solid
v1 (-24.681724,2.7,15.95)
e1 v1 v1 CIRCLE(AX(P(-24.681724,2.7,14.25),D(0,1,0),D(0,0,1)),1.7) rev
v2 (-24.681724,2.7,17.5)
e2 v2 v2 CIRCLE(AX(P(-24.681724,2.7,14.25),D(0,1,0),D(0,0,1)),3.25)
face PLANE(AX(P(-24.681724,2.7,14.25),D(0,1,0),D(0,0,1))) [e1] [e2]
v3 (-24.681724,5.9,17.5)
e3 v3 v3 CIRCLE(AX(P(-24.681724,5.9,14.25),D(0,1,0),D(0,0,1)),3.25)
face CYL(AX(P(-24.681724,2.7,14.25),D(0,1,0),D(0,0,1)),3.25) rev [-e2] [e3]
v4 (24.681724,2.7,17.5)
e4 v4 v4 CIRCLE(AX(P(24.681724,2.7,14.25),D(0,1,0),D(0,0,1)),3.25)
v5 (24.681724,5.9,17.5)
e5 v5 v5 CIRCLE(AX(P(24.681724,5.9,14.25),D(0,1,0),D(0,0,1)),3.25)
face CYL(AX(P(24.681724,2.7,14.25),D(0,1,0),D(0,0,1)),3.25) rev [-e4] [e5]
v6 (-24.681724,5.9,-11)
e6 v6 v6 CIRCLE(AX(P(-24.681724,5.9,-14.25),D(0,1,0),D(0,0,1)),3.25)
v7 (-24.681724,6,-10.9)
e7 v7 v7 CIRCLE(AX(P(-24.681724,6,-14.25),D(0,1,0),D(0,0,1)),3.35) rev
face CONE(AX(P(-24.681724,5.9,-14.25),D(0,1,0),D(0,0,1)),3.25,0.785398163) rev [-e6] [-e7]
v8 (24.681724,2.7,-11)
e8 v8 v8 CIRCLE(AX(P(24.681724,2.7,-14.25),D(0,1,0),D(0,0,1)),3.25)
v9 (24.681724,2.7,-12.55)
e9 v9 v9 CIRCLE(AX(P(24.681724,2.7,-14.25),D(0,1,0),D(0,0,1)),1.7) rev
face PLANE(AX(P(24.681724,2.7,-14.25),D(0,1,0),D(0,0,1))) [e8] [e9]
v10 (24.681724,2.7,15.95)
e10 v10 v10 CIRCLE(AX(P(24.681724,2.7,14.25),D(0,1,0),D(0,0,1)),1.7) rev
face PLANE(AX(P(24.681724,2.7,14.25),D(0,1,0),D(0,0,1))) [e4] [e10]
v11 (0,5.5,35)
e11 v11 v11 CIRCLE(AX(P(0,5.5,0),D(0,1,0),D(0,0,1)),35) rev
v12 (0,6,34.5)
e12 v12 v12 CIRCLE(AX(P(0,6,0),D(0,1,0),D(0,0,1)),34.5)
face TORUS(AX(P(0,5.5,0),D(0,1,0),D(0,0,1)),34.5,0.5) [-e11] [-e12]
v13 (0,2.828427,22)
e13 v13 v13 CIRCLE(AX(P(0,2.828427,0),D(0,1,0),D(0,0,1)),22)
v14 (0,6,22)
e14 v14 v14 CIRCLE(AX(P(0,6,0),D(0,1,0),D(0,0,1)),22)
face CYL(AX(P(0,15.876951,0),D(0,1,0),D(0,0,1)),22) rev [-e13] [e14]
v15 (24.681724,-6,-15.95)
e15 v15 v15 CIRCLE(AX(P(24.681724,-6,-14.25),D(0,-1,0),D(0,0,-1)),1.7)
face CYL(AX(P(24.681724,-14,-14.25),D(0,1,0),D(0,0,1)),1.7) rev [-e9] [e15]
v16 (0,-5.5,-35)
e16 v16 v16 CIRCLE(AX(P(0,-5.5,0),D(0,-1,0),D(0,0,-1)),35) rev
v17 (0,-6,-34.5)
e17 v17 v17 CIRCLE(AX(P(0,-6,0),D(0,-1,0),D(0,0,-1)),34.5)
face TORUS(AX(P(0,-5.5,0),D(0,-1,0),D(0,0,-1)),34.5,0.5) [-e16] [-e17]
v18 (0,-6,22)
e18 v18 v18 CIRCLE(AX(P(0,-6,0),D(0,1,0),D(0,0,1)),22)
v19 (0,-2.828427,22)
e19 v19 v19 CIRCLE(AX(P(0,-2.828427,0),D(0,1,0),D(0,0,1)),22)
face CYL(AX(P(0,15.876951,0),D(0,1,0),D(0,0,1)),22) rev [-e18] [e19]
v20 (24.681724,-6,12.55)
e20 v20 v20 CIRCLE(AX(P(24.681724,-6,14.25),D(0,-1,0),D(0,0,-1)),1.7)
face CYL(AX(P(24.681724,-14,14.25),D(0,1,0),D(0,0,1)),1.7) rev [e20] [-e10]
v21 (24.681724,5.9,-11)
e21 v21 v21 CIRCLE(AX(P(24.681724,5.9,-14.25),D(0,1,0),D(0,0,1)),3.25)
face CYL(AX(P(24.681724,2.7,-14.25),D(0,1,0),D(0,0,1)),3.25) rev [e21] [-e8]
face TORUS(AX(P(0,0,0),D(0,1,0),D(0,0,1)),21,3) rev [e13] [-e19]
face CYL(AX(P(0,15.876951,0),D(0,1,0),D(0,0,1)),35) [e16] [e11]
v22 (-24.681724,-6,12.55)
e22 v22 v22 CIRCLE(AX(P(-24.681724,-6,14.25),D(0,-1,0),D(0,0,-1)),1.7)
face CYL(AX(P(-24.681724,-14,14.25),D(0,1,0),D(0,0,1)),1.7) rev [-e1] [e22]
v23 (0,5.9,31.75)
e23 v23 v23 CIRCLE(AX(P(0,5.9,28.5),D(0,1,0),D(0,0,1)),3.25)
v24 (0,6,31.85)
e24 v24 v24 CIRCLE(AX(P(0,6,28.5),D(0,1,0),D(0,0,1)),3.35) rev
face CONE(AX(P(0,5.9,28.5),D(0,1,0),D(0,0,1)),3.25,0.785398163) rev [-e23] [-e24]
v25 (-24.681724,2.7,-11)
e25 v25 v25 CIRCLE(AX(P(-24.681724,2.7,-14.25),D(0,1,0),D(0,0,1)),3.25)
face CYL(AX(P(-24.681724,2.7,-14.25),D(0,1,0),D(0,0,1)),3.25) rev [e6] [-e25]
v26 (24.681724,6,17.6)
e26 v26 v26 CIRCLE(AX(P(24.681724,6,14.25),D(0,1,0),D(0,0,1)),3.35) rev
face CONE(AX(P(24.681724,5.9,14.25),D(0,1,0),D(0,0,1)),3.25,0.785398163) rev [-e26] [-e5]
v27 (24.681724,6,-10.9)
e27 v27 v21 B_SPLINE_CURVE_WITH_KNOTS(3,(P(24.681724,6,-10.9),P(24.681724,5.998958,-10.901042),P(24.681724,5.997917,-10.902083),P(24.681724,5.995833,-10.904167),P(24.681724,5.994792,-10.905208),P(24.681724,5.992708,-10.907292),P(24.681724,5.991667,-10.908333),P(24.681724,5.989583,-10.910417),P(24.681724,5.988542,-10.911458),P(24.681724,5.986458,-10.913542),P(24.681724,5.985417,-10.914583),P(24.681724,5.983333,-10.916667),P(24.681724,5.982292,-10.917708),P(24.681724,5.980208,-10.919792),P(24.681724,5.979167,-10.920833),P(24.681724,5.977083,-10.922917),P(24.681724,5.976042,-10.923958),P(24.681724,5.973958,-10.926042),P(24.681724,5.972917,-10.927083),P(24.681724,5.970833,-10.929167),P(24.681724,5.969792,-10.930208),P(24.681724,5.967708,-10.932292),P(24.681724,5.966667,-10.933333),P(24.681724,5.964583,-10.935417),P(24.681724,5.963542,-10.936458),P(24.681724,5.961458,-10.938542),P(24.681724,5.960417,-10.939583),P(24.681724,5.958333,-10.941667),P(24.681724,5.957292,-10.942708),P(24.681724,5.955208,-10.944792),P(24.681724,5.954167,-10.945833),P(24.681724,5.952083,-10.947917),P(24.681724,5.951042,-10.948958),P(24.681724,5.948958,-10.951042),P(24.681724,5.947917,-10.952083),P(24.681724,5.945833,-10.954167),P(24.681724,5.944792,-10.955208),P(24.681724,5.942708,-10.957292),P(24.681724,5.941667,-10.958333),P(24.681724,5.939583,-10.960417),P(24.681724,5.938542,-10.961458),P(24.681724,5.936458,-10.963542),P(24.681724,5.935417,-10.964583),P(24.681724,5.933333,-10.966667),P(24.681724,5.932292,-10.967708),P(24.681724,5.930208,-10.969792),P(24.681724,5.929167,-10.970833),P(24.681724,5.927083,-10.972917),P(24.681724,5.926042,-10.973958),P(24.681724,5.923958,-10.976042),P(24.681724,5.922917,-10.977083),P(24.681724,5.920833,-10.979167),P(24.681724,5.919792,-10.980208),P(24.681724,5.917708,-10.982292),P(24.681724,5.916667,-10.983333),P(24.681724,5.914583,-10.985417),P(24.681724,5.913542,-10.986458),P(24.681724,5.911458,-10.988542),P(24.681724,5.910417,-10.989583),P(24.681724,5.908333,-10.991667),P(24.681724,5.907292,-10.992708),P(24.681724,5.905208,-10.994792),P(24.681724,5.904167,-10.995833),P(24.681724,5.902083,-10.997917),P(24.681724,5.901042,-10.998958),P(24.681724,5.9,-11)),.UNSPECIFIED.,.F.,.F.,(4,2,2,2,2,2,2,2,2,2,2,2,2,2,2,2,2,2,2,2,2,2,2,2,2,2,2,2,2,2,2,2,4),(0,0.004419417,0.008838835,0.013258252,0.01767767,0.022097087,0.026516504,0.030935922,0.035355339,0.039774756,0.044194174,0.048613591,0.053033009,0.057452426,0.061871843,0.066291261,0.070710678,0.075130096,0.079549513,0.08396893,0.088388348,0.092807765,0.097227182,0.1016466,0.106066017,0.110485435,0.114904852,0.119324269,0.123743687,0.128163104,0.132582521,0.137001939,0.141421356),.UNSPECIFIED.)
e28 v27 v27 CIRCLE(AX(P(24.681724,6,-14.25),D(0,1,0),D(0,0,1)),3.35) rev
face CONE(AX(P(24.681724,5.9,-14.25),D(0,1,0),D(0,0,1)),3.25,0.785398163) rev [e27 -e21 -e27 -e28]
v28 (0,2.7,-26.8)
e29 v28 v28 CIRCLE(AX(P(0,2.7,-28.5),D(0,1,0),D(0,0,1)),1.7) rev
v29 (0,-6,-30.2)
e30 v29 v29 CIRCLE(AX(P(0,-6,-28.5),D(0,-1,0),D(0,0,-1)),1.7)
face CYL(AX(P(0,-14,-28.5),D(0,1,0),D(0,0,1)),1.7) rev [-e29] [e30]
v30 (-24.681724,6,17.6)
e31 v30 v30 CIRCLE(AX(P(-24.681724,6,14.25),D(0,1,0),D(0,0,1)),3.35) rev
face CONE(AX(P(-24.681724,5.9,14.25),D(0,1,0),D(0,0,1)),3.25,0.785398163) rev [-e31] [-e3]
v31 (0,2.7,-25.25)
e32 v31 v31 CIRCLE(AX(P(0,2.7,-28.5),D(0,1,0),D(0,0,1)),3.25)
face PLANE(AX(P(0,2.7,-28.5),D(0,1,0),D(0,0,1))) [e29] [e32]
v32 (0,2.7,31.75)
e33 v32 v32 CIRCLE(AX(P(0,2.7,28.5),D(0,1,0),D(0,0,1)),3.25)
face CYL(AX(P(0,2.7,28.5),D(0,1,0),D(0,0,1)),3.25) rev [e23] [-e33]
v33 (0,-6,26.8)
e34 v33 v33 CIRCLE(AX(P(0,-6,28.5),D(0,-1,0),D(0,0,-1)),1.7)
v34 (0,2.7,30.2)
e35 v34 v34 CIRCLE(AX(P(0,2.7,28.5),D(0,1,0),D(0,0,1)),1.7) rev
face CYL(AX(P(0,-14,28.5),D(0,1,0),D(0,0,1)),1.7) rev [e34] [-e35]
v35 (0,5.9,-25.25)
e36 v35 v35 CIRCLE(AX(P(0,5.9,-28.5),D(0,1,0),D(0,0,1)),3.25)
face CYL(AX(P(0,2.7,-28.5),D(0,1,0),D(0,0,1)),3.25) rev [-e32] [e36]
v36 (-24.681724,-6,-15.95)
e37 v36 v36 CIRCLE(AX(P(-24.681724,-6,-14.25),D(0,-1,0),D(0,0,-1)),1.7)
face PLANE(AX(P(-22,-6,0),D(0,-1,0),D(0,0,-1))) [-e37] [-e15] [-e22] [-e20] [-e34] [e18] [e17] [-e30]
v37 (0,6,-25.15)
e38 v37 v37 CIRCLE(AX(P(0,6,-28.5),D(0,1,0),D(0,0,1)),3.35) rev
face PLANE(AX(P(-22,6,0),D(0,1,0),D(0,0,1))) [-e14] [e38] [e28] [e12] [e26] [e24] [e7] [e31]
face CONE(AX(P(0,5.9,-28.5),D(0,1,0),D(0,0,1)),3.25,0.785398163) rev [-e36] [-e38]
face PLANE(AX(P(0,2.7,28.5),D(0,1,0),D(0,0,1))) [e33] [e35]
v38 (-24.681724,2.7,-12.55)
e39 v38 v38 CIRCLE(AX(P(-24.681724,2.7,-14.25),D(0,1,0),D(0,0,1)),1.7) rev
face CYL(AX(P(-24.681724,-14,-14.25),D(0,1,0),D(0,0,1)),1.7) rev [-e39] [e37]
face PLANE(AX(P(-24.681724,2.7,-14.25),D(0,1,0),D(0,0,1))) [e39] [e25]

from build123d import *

# Parameters (mm, degrees)
FILLET_1_R          = 0.5
SKETCH_2_R          = 1.7
CUT_EXTRUDE_1_DEPTH = 20
SKETCH_3_R          = 3.25
CUT_EXTRUDE_2_DEPTH = 3.3
CHAMFER_1_SIZE      = 0.1


with BuildPart() as part:
    # 草图1 → 旋转1 (revolve)
    with BuildSketch(Plane.XY, mode=Mode.PRIVATE) as revolve_1_sk:
        with BuildLine():
            Line((-22, 6), (-22, 2.828427125))
            ThreePointArc((-22, 2.828427125), (-24, 0), (-22, -2.828427125))
            Line((-22, -2.828427125), (-22, -6))
            Line((-22, -6), (-35, -6))
            Line((-35, -6), (-35, 6))
            Line((-35, 6), (-22, 6))
        make_face()
    revolve(revolve_1_sk.sketch.rotate(Axis((0, 15.876951414, 0), (0, -1, 0)), 270), axis=Axis((0, 15.876951414, 0), (0, -1, 0)))

    # 圆角1
    fillet_1_edges = [part.edges().sort_by_distance(p)[0] for p in [
        (0, -6, -35),
        (0, 6, -35),
    ]]
    fillet(fillet_1_edges, radius=FILLET_1_R)

    # 草图2 → 切除-拉伸1 (cut)
    with BuildSketch(Plane(origin=(0, 6, 0), x_dir=(1, 0, 0), z_dir=(0, 1, 0))):
        with Locations(Location((0, 28.5, 0), (0, 0, 270))):
            Circle(SKETCH_2_R)
        with Locations(Location((24.681724008, 14.25, 0), (0, 0, 270))):
            Circle(SKETCH_2_R)
        with Locations(Location((24.681724008, -14.25, 0), (0, 0, 270))):
            Circle(SKETCH_2_R)
        with Locations(Location((0, -28.5, 0), (0, 0, 270))):
            Circle(SKETCH_2_R)
        with Locations(Location((-24.681724008, -14.25, 0), (0, 0, 270))):
            Circle(SKETCH_2_R)
        with Locations(Location((-24.681724008, 14.25, 0), (0, 0, 270))):
            Circle(SKETCH_2_R)
    extrude(amount=-CUT_EXTRUDE_1_DEPTH, mode=Mode.SUBTRACT)

    # 草图3 → 切除-拉伸2 (cut)
    with BuildSketch(Plane(origin=(0, 6, 0), x_dir=(1, 0, 0), z_dir=(0, 1, 0))):
        with Locations(Location((0, 28.5, 0), (0, 0, 270))):
            Circle(SKETCH_3_R)
        with Locations(Location((24.681724008, 14.25, 0), (0, 0, 270))):
            Circle(SKETCH_3_R)
        with Locations(Location((24.681724008, -14.25, 0), (0, 0, 270))):
            Circle(SKETCH_3_R)
        with Locations(Location((0, -28.5, 0), (0, 0, 270))):
            Circle(SKETCH_3_R)
        with Locations(Location((-24.681724008, -14.25, 0), (0, 0, 270))):
            Circle(SKETCH_3_R)
        with Locations(Location((-24.681724008, 14.25, 0), (0, 0, 270))):
            Circle(SKETCH_3_R)
    extrude(amount=-CUT_EXTRUDE_2_DEPTH, mode=Mode.SUBTRACT)

    # 倒角1
    chamfer_1_edges = [part.edges().sort_by_distance(p)[0] for p in [
        (0, 6, -31.75),
        (24.681724008, 6, -17.5),
        (24.681724008, 6, 11),
        (0, 6, 25.25),
        (-24.681724008, 6, 11),
        (-24.681724008, 6, -17.5),
    ]]
    chamfer(chamfer_1_edges, length=CHAMFER_1_SIZE)


solid = part.part
